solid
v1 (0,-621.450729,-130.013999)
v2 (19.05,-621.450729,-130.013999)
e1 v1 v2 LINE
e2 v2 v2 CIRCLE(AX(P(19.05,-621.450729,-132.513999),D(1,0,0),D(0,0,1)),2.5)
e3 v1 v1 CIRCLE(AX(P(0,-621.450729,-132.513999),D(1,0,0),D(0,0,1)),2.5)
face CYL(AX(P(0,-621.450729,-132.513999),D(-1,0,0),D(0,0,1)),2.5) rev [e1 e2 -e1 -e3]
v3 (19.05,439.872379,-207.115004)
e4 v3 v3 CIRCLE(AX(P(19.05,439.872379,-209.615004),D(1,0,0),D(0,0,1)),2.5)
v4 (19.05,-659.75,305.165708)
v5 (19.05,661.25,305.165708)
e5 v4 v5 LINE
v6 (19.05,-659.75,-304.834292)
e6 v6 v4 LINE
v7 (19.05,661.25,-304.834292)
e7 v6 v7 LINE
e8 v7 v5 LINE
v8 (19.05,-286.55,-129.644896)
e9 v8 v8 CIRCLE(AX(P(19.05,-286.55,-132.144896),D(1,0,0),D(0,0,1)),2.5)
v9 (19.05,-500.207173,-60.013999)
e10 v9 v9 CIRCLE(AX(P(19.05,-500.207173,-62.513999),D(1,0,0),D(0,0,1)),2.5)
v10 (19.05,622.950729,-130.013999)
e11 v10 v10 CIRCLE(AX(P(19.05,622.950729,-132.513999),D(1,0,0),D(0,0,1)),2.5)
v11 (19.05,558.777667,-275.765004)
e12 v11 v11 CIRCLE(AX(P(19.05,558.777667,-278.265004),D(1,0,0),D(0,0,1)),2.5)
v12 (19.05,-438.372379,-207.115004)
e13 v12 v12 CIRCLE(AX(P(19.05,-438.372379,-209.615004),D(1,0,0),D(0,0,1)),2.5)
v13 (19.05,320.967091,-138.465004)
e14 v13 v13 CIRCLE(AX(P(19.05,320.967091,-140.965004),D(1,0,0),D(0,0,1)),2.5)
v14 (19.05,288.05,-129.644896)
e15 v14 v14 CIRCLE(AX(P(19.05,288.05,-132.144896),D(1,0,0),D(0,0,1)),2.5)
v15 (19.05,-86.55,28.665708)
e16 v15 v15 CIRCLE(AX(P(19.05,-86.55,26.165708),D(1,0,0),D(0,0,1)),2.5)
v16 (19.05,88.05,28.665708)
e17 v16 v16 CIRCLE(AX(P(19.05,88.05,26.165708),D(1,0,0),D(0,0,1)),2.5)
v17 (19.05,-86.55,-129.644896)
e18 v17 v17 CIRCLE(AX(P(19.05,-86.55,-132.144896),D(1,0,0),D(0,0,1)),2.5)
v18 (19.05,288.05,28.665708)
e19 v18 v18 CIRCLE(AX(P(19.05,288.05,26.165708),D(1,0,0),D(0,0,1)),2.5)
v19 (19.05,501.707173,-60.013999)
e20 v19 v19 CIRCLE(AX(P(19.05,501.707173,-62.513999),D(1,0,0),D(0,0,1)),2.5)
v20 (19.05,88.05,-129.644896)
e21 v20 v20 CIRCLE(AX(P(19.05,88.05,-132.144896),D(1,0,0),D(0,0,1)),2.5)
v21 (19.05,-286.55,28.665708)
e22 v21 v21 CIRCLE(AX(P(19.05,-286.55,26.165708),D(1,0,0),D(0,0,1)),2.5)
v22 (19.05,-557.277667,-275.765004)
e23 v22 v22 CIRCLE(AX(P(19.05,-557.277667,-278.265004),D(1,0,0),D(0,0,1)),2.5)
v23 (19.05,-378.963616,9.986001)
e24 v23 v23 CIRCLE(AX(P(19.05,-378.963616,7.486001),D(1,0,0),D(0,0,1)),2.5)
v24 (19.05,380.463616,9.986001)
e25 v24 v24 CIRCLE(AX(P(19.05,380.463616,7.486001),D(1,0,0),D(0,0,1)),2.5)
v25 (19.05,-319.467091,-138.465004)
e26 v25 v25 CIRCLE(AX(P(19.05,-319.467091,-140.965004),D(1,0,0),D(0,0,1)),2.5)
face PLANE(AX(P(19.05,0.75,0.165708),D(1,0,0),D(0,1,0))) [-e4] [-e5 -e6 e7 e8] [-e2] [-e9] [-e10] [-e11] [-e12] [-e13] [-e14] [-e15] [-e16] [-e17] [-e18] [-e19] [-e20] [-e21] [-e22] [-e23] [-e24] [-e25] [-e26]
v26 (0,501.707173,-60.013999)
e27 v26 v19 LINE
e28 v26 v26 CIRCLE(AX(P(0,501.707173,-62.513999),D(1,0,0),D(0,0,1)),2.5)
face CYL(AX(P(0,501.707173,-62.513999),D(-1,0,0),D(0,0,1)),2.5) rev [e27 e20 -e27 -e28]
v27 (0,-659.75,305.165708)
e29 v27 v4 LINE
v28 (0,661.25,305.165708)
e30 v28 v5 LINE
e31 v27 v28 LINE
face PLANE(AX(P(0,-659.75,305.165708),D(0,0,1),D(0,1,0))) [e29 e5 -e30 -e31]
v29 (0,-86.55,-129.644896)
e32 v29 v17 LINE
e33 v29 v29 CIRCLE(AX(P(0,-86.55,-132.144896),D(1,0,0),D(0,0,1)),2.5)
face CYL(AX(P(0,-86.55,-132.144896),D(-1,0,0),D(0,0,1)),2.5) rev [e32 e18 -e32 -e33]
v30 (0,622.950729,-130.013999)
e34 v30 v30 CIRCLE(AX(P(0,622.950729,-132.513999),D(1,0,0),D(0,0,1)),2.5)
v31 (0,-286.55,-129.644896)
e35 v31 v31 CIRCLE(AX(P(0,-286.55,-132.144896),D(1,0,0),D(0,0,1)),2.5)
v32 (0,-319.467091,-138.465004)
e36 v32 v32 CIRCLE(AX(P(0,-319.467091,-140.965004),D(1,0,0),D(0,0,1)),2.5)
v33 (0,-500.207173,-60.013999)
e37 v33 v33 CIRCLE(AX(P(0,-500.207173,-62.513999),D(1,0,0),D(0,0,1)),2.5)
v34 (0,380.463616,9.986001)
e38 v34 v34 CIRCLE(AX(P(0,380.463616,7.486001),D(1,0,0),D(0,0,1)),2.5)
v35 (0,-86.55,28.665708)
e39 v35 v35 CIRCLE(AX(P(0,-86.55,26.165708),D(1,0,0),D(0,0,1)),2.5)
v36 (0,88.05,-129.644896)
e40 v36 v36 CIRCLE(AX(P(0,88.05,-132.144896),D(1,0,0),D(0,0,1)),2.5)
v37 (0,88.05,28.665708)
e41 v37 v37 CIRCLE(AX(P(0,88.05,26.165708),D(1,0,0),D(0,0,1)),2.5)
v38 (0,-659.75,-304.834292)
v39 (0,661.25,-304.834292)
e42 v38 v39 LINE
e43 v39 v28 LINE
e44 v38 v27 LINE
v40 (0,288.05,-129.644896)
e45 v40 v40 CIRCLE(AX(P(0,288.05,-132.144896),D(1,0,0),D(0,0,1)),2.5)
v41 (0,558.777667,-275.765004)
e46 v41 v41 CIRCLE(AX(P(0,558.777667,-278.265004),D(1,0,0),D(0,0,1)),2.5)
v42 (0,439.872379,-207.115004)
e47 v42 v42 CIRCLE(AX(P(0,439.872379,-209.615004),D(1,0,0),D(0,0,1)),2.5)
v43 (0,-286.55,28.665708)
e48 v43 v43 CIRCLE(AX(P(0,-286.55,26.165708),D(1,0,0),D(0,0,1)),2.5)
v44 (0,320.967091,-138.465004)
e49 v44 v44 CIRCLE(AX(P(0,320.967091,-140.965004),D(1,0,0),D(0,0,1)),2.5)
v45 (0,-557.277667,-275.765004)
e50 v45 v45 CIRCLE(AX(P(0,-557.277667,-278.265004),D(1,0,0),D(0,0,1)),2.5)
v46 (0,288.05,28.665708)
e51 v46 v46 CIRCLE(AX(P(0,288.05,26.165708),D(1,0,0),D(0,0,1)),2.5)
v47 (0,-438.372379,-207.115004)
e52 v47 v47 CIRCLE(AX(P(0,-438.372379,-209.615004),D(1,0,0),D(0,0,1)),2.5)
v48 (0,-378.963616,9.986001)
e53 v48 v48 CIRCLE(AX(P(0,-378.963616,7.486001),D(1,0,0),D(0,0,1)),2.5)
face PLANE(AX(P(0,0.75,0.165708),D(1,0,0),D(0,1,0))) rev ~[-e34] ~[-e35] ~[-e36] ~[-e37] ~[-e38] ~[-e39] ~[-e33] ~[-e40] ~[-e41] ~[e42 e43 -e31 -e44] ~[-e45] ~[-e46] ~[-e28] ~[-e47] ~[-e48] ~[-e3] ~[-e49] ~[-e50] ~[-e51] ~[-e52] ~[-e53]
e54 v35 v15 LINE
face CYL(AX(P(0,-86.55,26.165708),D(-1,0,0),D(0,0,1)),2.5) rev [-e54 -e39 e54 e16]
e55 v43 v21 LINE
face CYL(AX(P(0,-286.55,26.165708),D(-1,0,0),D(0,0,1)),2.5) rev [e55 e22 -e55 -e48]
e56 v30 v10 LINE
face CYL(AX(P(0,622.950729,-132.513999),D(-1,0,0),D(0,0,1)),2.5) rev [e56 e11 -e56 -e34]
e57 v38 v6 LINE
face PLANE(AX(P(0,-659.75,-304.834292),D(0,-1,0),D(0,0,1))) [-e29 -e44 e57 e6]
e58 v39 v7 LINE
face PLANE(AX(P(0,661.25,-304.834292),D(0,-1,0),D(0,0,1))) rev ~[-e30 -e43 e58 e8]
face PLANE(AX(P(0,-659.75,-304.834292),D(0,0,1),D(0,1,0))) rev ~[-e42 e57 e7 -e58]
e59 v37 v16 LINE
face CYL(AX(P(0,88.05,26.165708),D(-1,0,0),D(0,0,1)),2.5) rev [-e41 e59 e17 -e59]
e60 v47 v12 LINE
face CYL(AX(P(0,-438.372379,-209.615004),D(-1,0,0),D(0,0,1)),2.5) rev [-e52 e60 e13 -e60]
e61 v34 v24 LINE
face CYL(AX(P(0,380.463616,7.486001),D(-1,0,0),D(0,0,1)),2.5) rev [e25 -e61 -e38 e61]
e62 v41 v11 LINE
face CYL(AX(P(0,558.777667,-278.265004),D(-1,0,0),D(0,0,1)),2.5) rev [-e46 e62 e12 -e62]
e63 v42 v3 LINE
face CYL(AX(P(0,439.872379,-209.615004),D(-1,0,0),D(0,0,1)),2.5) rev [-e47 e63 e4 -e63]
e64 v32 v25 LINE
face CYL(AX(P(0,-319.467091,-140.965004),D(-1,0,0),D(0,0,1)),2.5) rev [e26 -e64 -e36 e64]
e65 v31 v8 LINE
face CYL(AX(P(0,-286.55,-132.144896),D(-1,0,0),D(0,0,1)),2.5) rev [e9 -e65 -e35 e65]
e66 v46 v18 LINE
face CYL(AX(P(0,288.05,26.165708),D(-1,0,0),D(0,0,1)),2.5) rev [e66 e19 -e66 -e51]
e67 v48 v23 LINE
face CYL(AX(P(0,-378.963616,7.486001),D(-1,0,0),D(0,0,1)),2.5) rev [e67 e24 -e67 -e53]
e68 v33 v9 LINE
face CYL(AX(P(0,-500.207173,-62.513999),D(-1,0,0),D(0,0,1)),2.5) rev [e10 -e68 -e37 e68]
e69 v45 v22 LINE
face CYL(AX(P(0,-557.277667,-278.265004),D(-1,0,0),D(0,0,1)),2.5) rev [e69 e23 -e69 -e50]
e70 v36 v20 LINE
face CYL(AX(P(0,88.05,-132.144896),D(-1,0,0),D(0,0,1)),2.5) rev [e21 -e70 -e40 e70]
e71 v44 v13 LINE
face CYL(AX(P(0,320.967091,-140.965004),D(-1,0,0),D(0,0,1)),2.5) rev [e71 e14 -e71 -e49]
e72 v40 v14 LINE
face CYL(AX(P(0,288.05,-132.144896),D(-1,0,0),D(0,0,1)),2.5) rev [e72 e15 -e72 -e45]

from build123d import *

# Parameters (mm, degrees)
SKETCH2_W           = 1321
SKETCH2_H           = 610
SKETCH2_R           = 2.5
BOSS_EXTRUDE1_DEPTH = 19.05


with BuildPart() as part:
    # Sketch2 → Boss-Extrude1 (new body)
    with BuildSketch(Plane.YZ):
        with Locations((0.75, 0.165708265)):
            Rectangle(SKETCH2_W, SKETCH2_H)
        with Locations(Location((558.77766677, -278.265003699, 0), (0, 0, 90))):
            Circle(SKETCH2_R, mode=Mode.SUBTRACT)
        with Locations(Location((439.87237883, -209.615003699, 0), (0, 0, 90))):
            Circle(SKETCH2_R, mode=Mode.SUBTRACT)
        with Locations(Location((320.967090891, -140.965003699, 0), (0, 0, 90))):
            Circle(SKETCH2_R, mode=Mode.SUBTRACT)
        with Locations(Location((622.950729306, -132.51399891, 0), (0, 0, 90))):
            Circle(SKETCH2_R, mode=Mode.SUBTRACT)
        with Locations(Location((501.707172776, -62.51399891, 0), (0, 0, 90))):
            Circle(SKETCH2_R, mode=Mode.SUBTRACT)
        with Locations(Location((380.463616246, 7.48600109, 0), (0, 0, 90))):
            Circle(SKETCH2_R, mode=Mode.SUBTRACT)
        with Locations(Location((288.05, 26.165708265, 0), (0, 0, 90))):
            Circle(SKETCH2_R, mode=Mode.SUBTRACT)
        with Locations(Location((288.05, -132.144895778, 0), (0, 0, 90))):
            Circle(SKETCH2_R, mode=Mode.SUBTRACT)
        with Locations(Location((88.05, -132.144895778, 0), (0, 0, 90))):
            Circle(SKETCH2_R, mode=Mode.SUBTRACT)
        with Locations(Location((88.05, 26.165708265, 0), (0, 0, 90))):
            Circle(SKETCH2_R, mode=Mode.SUBTRACT)
        with Locations(Location((-86.55, -132.144895778, 0), (0, 0, 90))):
            Circle(SKETCH2_R, mode=Mode.SUBTRACT)
        with Locations(Location((-86.55, 26.165708265, 0), (0, 0, 90))):
            Circle(SKETCH2_R, mode=Mode.SUBTRACT)
        with Locations(Location((-286.55, 26.165708265, 0), (0, 0, 90))):
            Circle(SKETCH2_R, mode=Mode.SUBTRACT)
        with Locations(Location((-286.55, -132.144895778, 0), (0, 0, 90))):
            Circle(SKETCH2_R, mode=Mode.SUBTRACT)
        with Locations(Location((-557.27766677, -278.265003699, 0), (0, 0, 90))):
            Circle(SKETCH2_R, mode=Mode.SUBTRACT)
        with Locations(Location((-438.37237883, -209.615003699, 0), (0, 0, 90))):
            Circle(SKETCH2_R, mode=Mode.SUBTRACT)
        with Locations(Location((-319.467090891, -140.965003699, 0), (0, 0, 90))):
            Circle(SKETCH2_R, mode=Mode.SUBTRACT)
        with Locations(Location((-378.963616246, 7.48600109, 0), (0, 0, 90))):
            Circle(SKETCH2_R, mode=Mode.SUBTRACT)
        with Locations(Location((-500.207172776, -62.51399891, 0), (0, 0, 90))):
            Circle(SKETCH2_R, mode=Mode.SUBTRACT)
        with Locations(Location((-621.450729306, -132.51399891, 0), (0, 0, 90))):
            Circle(SKETCH2_R, mode=Mode.SUBTRACT)
    extrude(amount=BOSS_EXTRUDE1_DEPTH)


solid = part.part
